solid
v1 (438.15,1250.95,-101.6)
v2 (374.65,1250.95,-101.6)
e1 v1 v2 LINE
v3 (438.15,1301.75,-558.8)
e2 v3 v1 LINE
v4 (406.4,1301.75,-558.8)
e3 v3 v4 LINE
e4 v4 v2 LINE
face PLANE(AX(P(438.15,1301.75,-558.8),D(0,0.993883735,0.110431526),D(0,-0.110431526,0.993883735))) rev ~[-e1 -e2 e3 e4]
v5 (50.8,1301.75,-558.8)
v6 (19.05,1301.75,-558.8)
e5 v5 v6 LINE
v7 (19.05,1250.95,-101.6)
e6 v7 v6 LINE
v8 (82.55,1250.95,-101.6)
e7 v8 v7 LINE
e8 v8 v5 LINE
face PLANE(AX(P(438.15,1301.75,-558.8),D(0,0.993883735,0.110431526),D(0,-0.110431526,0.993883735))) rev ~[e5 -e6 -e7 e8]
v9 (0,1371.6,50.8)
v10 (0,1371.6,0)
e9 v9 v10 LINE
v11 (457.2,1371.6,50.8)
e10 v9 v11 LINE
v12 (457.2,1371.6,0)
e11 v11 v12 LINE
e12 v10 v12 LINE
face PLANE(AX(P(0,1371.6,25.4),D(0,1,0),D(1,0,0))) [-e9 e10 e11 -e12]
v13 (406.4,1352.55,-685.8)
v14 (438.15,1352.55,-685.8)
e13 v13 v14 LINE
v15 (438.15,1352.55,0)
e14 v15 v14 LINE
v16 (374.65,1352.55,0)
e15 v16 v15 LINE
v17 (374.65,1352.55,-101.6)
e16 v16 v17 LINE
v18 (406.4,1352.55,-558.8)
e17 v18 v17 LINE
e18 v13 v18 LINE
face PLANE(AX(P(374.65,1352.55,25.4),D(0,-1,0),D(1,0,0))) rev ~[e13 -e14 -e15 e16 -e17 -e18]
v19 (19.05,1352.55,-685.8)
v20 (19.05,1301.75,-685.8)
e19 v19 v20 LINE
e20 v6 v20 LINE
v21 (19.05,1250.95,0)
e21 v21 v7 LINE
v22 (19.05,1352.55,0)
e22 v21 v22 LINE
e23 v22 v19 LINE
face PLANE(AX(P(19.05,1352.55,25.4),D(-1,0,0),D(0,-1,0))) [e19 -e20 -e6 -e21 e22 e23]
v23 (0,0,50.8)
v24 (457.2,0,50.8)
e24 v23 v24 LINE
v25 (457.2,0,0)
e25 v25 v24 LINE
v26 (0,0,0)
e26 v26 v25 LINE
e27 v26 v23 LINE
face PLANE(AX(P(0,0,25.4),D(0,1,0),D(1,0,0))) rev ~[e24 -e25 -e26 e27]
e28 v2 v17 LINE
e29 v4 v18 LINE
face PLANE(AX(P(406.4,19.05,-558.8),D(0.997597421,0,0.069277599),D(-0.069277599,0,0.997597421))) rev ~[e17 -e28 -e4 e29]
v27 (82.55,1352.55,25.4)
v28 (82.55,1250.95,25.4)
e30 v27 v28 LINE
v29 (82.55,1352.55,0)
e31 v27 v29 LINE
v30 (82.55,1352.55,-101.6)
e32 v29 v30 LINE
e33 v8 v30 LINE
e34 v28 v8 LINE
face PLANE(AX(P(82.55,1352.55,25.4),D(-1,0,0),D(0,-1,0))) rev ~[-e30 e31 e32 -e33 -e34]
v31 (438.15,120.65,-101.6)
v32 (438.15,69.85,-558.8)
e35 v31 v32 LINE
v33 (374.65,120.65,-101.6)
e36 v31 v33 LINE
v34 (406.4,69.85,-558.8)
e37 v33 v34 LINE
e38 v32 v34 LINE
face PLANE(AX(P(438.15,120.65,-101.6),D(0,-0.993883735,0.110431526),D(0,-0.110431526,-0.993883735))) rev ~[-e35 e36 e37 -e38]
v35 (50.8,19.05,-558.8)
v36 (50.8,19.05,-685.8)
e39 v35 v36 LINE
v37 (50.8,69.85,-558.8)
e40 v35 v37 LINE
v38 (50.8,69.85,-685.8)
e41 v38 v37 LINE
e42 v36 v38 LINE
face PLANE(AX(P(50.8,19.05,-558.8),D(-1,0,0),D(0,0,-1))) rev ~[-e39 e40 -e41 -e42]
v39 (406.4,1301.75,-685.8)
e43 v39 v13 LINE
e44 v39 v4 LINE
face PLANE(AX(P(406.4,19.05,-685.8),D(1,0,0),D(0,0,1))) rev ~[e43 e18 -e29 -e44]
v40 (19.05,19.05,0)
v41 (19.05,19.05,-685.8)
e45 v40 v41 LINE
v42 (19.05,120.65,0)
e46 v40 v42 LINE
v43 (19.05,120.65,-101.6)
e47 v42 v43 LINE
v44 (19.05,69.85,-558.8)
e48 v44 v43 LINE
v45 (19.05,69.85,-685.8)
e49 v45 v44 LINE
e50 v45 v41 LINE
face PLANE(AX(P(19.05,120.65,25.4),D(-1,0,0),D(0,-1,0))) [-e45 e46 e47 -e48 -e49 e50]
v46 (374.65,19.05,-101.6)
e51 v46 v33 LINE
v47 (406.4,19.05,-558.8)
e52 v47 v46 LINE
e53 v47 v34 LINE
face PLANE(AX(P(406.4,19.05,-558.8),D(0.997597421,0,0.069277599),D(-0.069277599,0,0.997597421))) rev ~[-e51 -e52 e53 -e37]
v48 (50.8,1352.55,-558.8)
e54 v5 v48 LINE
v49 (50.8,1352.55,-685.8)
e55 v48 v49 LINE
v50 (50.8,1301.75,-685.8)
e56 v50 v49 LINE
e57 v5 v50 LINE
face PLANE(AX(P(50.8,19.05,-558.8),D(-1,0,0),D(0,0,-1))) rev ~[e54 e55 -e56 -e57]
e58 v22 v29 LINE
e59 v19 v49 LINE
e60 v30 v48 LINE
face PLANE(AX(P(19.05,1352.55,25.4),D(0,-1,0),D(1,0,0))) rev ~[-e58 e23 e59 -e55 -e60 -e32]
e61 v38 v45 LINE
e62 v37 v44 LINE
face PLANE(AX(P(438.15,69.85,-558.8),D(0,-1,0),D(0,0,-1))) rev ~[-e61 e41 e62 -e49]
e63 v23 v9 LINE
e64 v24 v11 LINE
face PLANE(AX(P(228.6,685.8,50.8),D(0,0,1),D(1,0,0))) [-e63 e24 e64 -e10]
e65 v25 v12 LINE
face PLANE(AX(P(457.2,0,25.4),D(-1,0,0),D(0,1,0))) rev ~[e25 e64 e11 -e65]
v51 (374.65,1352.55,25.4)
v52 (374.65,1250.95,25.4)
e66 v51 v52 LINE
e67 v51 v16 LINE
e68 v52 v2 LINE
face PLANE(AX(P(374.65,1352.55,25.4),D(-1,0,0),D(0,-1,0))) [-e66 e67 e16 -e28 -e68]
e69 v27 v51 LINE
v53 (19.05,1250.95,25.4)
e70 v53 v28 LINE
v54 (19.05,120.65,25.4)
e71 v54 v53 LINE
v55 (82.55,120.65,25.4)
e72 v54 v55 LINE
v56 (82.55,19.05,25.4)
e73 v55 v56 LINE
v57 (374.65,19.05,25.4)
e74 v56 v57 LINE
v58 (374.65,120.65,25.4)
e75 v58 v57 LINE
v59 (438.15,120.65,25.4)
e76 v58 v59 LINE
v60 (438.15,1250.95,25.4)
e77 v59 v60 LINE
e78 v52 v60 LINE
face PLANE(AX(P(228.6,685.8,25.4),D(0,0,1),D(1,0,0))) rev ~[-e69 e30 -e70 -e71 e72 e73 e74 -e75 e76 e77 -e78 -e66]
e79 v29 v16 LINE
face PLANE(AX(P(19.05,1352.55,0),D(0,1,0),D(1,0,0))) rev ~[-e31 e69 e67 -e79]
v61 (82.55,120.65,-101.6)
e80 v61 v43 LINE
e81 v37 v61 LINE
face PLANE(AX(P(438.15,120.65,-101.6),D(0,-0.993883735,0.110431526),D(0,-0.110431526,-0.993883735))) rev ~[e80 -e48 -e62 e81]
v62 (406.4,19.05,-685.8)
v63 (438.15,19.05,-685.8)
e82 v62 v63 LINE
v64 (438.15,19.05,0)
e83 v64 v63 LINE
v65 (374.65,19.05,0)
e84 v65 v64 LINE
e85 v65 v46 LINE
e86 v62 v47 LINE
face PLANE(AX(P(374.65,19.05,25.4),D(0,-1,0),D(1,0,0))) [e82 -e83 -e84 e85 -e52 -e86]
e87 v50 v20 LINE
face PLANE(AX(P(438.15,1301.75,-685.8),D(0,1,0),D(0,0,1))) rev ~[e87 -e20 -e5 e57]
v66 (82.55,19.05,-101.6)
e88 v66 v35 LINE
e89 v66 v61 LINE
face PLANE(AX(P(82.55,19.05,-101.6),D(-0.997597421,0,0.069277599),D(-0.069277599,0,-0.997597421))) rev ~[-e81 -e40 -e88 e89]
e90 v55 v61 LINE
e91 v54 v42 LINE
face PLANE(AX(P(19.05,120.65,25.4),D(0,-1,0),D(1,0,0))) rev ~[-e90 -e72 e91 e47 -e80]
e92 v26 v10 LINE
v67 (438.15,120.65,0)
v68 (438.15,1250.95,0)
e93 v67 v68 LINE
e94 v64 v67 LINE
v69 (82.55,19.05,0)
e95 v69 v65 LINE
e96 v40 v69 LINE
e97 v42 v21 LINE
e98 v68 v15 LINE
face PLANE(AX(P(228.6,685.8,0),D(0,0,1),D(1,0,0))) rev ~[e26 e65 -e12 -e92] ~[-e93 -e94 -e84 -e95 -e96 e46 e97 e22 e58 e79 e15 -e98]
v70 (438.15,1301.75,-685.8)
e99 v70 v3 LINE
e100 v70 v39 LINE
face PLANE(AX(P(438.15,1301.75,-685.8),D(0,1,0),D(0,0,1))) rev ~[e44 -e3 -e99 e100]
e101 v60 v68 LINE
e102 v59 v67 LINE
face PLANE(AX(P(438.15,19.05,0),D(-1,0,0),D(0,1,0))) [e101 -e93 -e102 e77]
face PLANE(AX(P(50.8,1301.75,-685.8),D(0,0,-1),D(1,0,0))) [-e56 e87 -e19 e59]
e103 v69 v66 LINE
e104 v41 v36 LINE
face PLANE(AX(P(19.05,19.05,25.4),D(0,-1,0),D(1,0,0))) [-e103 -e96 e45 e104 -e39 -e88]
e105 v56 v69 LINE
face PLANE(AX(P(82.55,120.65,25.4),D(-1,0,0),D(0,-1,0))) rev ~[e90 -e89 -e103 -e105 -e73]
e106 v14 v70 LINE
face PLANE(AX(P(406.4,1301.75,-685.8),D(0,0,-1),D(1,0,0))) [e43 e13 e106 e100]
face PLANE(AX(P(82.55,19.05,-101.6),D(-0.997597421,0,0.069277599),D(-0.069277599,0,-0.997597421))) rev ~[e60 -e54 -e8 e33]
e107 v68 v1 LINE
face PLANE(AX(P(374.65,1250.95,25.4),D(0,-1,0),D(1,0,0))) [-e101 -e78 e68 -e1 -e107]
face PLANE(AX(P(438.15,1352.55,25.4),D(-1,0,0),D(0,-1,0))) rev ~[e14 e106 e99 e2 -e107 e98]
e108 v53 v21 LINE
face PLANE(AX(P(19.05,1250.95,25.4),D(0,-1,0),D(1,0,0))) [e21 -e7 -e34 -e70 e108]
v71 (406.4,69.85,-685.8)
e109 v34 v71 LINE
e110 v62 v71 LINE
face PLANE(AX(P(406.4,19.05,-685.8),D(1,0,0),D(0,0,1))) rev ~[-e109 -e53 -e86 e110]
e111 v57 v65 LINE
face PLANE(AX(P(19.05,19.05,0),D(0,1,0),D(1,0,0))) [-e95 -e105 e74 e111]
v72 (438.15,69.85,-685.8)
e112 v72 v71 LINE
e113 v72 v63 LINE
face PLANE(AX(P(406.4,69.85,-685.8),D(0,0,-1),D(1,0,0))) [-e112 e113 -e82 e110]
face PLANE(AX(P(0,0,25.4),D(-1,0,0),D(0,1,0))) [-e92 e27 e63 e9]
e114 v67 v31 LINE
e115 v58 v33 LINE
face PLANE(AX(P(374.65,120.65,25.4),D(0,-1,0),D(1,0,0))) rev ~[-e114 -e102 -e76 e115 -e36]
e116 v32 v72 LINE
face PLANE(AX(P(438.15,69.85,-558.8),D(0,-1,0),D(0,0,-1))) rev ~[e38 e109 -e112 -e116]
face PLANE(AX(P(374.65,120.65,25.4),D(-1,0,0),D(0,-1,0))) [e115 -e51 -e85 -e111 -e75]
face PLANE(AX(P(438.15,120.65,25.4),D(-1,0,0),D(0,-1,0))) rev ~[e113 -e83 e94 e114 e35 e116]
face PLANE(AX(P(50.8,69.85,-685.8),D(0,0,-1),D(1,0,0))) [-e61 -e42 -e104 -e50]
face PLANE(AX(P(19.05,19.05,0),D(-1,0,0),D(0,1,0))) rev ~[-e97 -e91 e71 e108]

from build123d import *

# Parameters (mm, degrees)
F0_W     = 457.2
F0_H     = 1371.6
F0_W_2   = 419.1
F0_H_2   = 1333.5
F1_DEPTH = 25.4
F2_W     = 457.2
F2_H     = 1371.6
F3_DEPTH = 25.4
F4_W     = 63.5
F4_H     = 101.6
F5_DEPTH = 711.2
F7_DEPTH = 1352.551
F9_DEPTH = 438.151


with BuildPart() as f1:
    # F0 (on Top) → F1 (new body)
    with BuildSketch(Plane.XY):
        with Locations((228.6, 685.8)):
            Rectangle(F0_W, F0_H)
        with Locations((228.6, 685.8)):
            Rectangle(F0_W_2, F0_H_2, mode=Mode.SUBTRACT)
    extrude(amount=F1_DEPTH)

    # F2 (on face) → F3 (join)
    with BuildSketch(Plane.XY.offset(25.4)):
        with Locations((228.6, 685.8)):
            Rectangle(F2_W, F2_H)
    extrude(amount=F3_DEPTH)

    # F4 (on face) → F5 (join)
    with BuildSketch(Plane(origin=(0, 0, 25.4), x_dir=(1, 0, 0), z_dir=(0, 0, -1))):
        with Locations((50.8, -69.85)):
            Rectangle(F4_W, F4_H)
        with Locations((406.4, -69.85)):
            Rectangle(F4_W, F4_H)
        with Locations((50.8, -1301.75)):
            Rectangle(F4_W, F4_H)
        with Locations((406.4, -1301.75)):
            Rectangle(F4_W, F4_H)
    extrude(amount=F5_DEPTH)

    # F6 (on face) → F7 (cut, through all)
    with BuildSketch(Plane.XZ.offset(-19.05)):
        Polygon((50.8, -558.8), (50.8, -685.8), (406.4, -685.8), (406.4, -558.8), (374.65, -101.6), (82.55, -101.6), align=None)
    extrude(amount=-F7_DEPTH, mode=Mode.SUBTRACT)

    # F8 (on face) → F9 (cut, through all)
    with BuildSketch(Plane.YZ.offset(438.15)):
        Polygon((69.85, -558.8), (69.85, -685.8), (1301.75, -685.8), (1301.75, -558.8), (1250.95, -101.6), (120.65, -101.6), align=None)
    extrude(amount=-F9_DEPTH, mode=Mode.SUBTRACT)


solid = f1.part
